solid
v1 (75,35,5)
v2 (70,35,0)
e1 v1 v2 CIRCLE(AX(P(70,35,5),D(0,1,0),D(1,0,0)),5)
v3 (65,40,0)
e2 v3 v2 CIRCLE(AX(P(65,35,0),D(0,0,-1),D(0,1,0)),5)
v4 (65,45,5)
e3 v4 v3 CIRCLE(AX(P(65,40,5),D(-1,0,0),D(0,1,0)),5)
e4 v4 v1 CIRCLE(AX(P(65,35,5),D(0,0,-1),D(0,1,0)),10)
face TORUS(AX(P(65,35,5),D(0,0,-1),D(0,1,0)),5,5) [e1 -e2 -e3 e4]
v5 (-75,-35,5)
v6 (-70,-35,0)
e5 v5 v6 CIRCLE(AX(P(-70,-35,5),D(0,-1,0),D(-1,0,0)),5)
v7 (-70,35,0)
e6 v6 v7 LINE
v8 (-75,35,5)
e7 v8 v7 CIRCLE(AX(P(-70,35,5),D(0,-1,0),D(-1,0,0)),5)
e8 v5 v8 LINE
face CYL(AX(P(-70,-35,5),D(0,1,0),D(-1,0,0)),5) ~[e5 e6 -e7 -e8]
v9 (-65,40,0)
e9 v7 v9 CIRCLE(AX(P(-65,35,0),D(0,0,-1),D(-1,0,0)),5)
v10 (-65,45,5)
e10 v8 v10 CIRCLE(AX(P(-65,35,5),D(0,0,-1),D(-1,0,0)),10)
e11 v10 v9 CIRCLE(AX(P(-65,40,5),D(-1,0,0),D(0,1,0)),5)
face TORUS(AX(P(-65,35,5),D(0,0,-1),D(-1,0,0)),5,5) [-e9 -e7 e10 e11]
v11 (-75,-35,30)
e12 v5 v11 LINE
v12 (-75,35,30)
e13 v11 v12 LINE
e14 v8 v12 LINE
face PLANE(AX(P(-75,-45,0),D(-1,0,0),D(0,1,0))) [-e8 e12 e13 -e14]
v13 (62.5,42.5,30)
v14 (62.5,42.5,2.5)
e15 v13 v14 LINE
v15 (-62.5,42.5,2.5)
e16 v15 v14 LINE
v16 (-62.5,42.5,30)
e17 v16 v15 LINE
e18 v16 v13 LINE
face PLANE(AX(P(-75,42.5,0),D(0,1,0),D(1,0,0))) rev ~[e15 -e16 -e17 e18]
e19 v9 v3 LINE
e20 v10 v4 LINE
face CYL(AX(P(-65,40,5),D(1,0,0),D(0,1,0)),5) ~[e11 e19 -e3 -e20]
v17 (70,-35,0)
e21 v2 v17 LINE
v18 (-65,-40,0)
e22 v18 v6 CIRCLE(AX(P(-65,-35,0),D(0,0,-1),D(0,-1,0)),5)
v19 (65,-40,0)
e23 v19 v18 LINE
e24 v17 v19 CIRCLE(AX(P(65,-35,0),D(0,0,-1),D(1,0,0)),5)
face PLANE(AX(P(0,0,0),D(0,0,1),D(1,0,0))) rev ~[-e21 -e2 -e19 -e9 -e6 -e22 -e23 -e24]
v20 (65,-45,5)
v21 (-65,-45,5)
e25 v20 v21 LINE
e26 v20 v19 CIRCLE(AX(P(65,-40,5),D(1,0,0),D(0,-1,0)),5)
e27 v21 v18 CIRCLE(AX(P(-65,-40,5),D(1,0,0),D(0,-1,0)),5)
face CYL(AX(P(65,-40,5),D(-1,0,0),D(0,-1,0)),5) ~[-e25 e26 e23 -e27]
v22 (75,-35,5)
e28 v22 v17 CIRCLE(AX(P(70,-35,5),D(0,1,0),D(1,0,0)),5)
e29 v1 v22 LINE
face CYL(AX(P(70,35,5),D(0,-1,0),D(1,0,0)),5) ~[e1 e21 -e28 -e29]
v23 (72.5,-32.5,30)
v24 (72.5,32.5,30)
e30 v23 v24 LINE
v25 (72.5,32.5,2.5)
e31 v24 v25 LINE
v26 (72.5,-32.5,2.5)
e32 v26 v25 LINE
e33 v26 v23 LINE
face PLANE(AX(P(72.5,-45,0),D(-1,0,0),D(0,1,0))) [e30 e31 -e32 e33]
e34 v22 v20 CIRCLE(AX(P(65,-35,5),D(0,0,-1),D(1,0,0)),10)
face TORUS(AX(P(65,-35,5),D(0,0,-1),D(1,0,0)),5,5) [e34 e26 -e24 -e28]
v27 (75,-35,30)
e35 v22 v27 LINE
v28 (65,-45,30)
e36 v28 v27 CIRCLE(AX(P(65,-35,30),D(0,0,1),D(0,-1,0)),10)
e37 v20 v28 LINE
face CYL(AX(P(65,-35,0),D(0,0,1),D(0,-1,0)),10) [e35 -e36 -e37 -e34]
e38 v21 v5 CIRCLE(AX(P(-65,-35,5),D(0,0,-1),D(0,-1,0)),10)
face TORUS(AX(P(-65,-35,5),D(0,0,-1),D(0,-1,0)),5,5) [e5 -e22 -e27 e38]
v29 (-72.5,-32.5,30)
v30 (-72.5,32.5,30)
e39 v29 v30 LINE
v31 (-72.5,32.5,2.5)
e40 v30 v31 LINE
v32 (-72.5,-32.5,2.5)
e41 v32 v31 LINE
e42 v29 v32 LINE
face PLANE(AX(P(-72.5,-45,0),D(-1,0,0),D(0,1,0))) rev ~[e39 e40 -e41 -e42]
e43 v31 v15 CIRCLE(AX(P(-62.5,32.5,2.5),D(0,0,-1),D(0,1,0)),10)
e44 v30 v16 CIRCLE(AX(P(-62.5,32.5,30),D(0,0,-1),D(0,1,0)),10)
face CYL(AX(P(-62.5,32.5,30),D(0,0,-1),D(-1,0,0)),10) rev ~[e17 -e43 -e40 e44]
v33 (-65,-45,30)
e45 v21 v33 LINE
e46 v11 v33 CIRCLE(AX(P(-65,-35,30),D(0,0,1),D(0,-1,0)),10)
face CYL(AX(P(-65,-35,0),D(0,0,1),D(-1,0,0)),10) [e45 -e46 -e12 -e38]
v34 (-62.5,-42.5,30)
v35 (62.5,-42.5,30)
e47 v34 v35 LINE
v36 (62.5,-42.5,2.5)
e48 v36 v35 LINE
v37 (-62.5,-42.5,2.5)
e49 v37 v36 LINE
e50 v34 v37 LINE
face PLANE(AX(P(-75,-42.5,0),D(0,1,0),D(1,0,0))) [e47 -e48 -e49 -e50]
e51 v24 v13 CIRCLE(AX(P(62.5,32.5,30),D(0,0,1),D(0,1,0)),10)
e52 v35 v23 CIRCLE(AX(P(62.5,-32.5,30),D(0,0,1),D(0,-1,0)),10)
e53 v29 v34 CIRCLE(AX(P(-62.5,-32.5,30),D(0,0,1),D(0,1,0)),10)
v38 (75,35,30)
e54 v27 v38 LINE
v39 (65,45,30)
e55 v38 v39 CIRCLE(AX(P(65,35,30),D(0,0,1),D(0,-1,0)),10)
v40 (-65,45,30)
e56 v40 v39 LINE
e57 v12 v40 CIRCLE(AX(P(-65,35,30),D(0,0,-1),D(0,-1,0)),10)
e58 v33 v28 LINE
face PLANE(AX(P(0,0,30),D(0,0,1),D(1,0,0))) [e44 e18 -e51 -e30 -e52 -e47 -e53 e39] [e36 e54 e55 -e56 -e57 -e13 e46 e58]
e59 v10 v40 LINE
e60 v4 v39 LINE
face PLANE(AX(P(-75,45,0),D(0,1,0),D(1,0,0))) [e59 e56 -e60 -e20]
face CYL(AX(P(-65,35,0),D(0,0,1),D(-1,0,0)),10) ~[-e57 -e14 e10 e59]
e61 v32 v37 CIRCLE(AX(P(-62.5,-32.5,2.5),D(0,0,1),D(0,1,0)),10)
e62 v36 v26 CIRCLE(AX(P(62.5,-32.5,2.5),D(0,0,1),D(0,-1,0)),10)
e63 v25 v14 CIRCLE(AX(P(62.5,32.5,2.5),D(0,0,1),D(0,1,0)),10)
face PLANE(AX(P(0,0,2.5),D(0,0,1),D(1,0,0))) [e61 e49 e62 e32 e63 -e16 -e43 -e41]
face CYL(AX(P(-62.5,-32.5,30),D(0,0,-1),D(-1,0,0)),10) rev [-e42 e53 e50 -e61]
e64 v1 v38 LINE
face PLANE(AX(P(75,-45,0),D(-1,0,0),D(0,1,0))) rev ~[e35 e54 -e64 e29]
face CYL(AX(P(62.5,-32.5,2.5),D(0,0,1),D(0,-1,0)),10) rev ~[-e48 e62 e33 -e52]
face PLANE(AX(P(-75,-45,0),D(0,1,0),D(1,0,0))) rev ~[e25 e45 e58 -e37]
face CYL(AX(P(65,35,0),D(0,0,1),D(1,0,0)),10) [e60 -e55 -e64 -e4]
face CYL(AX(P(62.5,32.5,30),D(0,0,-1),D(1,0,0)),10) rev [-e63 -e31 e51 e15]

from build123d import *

# Parameters (mm, degrees)
F0_W     = 150
F0_H     = 90
F1_DEPTH = 30
F2_T     = -2.5
F3_R     = 10
F4_R     = 5


with BuildPart() as f1:
    # F0 (on Top) → F1 (new body)
    with BuildSketch(Plane.XY):
        Rectangle(F0_W, F0_H)
    extrude(amount=F1_DEPTH)

    # F2
    f2_openings = [f1.faces().sort_by_distance(p)[0] for p in [
        (0, 0, 30),
    ]]
    offset(amount=F2_T, openings=f2_openings)

    # F3
    f3_edges = [f1.edges().sort_by_distance(p)[0] for p in [
        (-75, 45, 15),
        (75, 45, 15),
        (75, -45, 15),
        (-75, -45, 15),
        (-72.5, 42.5, 16.25),
        (72.5, 42.5, 16.25),
        (72.5, -42.5, 16.25),
        (-72.5, -42.5, 16.25),
    ]]
    fillet(f3_edges, radius=F3_R)

    # F4
    f4_edges = [f1.edges().sort_by_distance(p)[0] for p in [
        (-75, 0, 0),
        (-72.071068, -42.071068, 0),
        (0, -45, 0),
        (72.071068, -42.071068, 0),
        (75, 0, 0),
        (72.071068, 42.071068, 0),
        (0, 45, 0),
        (-72.071068, 42.071068, 0),
    ]]
    fillet(f4_edges, radius=F4_R)


solid = f1.part
